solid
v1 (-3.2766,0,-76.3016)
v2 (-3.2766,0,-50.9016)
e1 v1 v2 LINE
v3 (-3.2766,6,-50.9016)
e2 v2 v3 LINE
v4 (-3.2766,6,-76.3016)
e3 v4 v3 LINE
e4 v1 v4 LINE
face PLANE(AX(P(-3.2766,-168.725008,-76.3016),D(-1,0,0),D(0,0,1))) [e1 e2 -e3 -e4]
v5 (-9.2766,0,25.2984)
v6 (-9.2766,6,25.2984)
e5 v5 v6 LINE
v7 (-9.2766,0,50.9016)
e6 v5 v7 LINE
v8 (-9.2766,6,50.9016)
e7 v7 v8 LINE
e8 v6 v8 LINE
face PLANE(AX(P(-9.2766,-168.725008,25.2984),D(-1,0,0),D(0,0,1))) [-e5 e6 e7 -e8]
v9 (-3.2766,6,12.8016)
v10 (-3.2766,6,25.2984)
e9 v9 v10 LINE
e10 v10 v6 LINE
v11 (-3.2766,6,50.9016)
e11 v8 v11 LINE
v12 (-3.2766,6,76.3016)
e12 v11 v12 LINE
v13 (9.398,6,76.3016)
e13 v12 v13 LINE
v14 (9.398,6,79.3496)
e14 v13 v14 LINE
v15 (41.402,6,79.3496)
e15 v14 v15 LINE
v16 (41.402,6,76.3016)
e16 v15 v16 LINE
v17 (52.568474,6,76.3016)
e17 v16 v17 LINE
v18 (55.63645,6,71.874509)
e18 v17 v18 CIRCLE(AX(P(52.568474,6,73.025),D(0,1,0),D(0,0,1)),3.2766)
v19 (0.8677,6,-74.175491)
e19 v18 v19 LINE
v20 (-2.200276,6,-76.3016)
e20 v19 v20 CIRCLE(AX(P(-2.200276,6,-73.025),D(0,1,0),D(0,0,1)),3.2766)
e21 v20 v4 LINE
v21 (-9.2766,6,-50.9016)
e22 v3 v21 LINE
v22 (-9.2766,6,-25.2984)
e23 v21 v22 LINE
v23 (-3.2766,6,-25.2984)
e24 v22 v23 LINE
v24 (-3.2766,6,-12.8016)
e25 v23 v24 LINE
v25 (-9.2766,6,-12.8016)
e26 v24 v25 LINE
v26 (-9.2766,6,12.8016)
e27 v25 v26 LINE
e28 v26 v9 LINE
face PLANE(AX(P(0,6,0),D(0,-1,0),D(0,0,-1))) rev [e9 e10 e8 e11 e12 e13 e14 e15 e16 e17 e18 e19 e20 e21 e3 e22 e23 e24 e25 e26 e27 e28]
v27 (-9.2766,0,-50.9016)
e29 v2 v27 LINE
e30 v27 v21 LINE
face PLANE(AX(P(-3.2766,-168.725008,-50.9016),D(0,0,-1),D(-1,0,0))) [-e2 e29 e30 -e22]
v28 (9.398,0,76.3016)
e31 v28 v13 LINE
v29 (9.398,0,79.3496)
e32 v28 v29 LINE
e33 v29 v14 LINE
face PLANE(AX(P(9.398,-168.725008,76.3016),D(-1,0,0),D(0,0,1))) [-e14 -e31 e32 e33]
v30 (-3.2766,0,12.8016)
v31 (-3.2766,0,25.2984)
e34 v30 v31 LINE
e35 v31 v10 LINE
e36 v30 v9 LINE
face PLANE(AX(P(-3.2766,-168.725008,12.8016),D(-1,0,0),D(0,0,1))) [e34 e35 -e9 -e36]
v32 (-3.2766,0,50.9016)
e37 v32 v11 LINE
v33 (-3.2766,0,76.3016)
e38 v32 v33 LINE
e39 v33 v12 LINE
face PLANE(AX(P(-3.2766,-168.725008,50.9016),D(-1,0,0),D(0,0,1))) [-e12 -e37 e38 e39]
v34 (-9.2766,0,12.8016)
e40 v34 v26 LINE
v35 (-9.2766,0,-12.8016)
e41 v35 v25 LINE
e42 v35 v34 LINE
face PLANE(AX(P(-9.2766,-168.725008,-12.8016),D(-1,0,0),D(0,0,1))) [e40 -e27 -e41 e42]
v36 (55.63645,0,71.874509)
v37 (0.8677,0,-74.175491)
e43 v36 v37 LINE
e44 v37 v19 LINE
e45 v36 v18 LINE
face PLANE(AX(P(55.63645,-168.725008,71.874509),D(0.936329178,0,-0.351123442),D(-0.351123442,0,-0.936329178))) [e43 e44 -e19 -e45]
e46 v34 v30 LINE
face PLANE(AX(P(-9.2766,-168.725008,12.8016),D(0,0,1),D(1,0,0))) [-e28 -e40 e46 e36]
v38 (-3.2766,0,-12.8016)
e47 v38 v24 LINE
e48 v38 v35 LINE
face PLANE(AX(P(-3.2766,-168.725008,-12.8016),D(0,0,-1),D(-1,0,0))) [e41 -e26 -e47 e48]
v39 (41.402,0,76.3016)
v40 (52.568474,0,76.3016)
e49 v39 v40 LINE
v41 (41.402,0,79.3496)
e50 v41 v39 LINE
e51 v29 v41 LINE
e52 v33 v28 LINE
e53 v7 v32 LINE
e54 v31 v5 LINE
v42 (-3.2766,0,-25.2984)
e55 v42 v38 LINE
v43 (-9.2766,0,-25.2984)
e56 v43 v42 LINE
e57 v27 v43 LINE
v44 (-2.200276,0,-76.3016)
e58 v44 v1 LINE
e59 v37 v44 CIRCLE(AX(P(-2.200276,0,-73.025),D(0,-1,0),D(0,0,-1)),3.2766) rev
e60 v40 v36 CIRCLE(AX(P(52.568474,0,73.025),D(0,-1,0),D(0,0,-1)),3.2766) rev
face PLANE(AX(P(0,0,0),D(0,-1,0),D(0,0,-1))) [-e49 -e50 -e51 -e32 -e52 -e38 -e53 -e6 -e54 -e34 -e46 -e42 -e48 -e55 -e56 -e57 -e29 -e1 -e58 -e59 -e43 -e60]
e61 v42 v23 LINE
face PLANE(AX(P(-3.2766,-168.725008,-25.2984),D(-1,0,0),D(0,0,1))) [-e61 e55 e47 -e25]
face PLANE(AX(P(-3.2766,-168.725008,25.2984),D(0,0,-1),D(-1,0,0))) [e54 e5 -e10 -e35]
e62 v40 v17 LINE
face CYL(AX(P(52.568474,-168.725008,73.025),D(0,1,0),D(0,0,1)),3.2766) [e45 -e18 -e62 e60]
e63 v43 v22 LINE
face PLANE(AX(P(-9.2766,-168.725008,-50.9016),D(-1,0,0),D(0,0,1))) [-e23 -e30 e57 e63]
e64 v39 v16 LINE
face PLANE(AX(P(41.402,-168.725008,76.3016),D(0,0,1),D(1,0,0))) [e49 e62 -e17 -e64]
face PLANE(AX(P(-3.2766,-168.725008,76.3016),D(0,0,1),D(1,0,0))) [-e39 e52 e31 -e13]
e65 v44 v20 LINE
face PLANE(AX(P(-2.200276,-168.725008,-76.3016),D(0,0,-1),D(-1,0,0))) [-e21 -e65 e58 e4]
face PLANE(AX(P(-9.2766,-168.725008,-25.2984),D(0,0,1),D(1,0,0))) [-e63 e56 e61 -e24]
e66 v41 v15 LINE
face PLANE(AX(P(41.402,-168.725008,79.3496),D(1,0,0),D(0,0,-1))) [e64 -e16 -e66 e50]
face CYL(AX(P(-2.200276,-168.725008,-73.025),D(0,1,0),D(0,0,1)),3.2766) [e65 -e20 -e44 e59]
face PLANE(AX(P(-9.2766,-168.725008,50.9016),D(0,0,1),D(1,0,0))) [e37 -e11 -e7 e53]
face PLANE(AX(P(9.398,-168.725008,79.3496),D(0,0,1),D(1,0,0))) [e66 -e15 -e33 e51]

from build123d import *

# Parameters (mm, degrees)
BOSS_EXTRUDE1_DEPTH = 6
SKETCH2_W           = 6
SKETCH2_H           = 25.4
SKETCH2_W_2         = 31.8008
SKETCH2_H_2         = 3.048
BOSS_EXTRUDE4_DEPTH = 6
FILLET1_R           = 3.175
KERF_DEPTH          = 6


with BuildPart() as part:
    # Sketch1 → Boss-Extrude1 (new body)
    with BuildSketch(Plane(origin=(0, 0, 0), x_dir=(1, 0, 0), z_dir=(0, 1, 0))):
        Polygon((-3.175, 76.2), (-3.175, -76.2), (57.15, -76.2), (0, 76.2), align=None)
    extrude(amount=BOSS_EXTRUDE1_DEPTH)

    # Sketch2 → Boss-Extrude4 (add)
    with BuildSketch(Plane(origin=(0, 0, 0), x_dir=(1, 0, 0), z_dir=(0, 1, 0))):
        with Locations((-6.175, 0)):
            Rectangle(SKETCH2_W, SKETCH2_H)
        with Locations((-6.175, 38.1)):
            Rectangle(SKETCH2_W, SKETCH2_H)
        with Locations((-6.175, -38.1)):
            Rectangle(SKETCH2_W, SKETCH2_H)
        with Locations((25.4, -77.724)):
            Rectangle(SKETCH2_W_2, SKETCH2_H_2)
    extrude(amount=BOSS_EXTRUDE4_DEPTH)

    # Fillet1
    fillet1_edges = [part.edges().sort_by_distance(p)[0] for p in [
        (0, 3, -76.2),
        (57.15, 3, 76.2),
    ]]
    fillet(fillet1_edges, radius=FILLET1_R)

    # Sketch3 → KERF (add)
    with BuildSketch(Plane(origin=(0, 6, 0), x_dir=(1, 0, 0), z_dir=(0, 1, 0))):
        with BuildLine():
            Line((41.402, -76.3016), (52.568473514, -76.3016))
            ThreePointArc((52.568473514, -76.3016), (55.261594992, -74.891334445), (55.636449697, -71.874508931))
            Line((55.636449697, -71.874508931), (0.867699697, 74.175491069))
            ThreePointArc((0.867699697, 74.175491069), (-0.333942041, 75.718121478), (-2.200276486, 76.3016))
            Line((-2.200276486, 76.3016), (-3.2766, 76.3016))
            Line((-3.2766, 76.3016), (-3.2766, 50.9016))
            Line((-3.2766, 50.9016), (-9.2766, 50.9016))
            Line((-9.2766, 50.9016), (-9.2766, 25.2984))
            Line((-9.2766, 25.2984), (-3.2766, 25.2984))
            Line((-3.2766, 25.2984), (-3.2766, 12.8016))
            Line((-3.2766, 12.8016), (-9.2766, 12.8016))
            Line((-9.2766, 12.8016), (-9.2766, -12.8016))
            Line((-9.2766, -12.8016), (-3.2766, -12.8016))
            Line((-3.2766, -12.8016), (-3.2766, -25.2984))
            Line((-3.2766, -25.2984), (-9.2766, -25.2984))
            Line((-9.2766, -25.2984), (-9.2766, -50.9016))
            Line((-9.2766, -50.9016), (-3.2766, -50.9016))
            Line((-3.2766, -50.9016), (-3.2766, -76.3016))
            Line((-3.2766, -76.3016), (9.398, -76.3016))
            Line((9.398, -76.3016), (9.398, -79.3496))
            Line((9.398, -79.3496), (41.402, -79.3496))
            Line((41.402, -79.3496), (41.402, -76.3016))
        make_face()
    extrude(amount=-KERF_DEPTH)


solid = part.part
